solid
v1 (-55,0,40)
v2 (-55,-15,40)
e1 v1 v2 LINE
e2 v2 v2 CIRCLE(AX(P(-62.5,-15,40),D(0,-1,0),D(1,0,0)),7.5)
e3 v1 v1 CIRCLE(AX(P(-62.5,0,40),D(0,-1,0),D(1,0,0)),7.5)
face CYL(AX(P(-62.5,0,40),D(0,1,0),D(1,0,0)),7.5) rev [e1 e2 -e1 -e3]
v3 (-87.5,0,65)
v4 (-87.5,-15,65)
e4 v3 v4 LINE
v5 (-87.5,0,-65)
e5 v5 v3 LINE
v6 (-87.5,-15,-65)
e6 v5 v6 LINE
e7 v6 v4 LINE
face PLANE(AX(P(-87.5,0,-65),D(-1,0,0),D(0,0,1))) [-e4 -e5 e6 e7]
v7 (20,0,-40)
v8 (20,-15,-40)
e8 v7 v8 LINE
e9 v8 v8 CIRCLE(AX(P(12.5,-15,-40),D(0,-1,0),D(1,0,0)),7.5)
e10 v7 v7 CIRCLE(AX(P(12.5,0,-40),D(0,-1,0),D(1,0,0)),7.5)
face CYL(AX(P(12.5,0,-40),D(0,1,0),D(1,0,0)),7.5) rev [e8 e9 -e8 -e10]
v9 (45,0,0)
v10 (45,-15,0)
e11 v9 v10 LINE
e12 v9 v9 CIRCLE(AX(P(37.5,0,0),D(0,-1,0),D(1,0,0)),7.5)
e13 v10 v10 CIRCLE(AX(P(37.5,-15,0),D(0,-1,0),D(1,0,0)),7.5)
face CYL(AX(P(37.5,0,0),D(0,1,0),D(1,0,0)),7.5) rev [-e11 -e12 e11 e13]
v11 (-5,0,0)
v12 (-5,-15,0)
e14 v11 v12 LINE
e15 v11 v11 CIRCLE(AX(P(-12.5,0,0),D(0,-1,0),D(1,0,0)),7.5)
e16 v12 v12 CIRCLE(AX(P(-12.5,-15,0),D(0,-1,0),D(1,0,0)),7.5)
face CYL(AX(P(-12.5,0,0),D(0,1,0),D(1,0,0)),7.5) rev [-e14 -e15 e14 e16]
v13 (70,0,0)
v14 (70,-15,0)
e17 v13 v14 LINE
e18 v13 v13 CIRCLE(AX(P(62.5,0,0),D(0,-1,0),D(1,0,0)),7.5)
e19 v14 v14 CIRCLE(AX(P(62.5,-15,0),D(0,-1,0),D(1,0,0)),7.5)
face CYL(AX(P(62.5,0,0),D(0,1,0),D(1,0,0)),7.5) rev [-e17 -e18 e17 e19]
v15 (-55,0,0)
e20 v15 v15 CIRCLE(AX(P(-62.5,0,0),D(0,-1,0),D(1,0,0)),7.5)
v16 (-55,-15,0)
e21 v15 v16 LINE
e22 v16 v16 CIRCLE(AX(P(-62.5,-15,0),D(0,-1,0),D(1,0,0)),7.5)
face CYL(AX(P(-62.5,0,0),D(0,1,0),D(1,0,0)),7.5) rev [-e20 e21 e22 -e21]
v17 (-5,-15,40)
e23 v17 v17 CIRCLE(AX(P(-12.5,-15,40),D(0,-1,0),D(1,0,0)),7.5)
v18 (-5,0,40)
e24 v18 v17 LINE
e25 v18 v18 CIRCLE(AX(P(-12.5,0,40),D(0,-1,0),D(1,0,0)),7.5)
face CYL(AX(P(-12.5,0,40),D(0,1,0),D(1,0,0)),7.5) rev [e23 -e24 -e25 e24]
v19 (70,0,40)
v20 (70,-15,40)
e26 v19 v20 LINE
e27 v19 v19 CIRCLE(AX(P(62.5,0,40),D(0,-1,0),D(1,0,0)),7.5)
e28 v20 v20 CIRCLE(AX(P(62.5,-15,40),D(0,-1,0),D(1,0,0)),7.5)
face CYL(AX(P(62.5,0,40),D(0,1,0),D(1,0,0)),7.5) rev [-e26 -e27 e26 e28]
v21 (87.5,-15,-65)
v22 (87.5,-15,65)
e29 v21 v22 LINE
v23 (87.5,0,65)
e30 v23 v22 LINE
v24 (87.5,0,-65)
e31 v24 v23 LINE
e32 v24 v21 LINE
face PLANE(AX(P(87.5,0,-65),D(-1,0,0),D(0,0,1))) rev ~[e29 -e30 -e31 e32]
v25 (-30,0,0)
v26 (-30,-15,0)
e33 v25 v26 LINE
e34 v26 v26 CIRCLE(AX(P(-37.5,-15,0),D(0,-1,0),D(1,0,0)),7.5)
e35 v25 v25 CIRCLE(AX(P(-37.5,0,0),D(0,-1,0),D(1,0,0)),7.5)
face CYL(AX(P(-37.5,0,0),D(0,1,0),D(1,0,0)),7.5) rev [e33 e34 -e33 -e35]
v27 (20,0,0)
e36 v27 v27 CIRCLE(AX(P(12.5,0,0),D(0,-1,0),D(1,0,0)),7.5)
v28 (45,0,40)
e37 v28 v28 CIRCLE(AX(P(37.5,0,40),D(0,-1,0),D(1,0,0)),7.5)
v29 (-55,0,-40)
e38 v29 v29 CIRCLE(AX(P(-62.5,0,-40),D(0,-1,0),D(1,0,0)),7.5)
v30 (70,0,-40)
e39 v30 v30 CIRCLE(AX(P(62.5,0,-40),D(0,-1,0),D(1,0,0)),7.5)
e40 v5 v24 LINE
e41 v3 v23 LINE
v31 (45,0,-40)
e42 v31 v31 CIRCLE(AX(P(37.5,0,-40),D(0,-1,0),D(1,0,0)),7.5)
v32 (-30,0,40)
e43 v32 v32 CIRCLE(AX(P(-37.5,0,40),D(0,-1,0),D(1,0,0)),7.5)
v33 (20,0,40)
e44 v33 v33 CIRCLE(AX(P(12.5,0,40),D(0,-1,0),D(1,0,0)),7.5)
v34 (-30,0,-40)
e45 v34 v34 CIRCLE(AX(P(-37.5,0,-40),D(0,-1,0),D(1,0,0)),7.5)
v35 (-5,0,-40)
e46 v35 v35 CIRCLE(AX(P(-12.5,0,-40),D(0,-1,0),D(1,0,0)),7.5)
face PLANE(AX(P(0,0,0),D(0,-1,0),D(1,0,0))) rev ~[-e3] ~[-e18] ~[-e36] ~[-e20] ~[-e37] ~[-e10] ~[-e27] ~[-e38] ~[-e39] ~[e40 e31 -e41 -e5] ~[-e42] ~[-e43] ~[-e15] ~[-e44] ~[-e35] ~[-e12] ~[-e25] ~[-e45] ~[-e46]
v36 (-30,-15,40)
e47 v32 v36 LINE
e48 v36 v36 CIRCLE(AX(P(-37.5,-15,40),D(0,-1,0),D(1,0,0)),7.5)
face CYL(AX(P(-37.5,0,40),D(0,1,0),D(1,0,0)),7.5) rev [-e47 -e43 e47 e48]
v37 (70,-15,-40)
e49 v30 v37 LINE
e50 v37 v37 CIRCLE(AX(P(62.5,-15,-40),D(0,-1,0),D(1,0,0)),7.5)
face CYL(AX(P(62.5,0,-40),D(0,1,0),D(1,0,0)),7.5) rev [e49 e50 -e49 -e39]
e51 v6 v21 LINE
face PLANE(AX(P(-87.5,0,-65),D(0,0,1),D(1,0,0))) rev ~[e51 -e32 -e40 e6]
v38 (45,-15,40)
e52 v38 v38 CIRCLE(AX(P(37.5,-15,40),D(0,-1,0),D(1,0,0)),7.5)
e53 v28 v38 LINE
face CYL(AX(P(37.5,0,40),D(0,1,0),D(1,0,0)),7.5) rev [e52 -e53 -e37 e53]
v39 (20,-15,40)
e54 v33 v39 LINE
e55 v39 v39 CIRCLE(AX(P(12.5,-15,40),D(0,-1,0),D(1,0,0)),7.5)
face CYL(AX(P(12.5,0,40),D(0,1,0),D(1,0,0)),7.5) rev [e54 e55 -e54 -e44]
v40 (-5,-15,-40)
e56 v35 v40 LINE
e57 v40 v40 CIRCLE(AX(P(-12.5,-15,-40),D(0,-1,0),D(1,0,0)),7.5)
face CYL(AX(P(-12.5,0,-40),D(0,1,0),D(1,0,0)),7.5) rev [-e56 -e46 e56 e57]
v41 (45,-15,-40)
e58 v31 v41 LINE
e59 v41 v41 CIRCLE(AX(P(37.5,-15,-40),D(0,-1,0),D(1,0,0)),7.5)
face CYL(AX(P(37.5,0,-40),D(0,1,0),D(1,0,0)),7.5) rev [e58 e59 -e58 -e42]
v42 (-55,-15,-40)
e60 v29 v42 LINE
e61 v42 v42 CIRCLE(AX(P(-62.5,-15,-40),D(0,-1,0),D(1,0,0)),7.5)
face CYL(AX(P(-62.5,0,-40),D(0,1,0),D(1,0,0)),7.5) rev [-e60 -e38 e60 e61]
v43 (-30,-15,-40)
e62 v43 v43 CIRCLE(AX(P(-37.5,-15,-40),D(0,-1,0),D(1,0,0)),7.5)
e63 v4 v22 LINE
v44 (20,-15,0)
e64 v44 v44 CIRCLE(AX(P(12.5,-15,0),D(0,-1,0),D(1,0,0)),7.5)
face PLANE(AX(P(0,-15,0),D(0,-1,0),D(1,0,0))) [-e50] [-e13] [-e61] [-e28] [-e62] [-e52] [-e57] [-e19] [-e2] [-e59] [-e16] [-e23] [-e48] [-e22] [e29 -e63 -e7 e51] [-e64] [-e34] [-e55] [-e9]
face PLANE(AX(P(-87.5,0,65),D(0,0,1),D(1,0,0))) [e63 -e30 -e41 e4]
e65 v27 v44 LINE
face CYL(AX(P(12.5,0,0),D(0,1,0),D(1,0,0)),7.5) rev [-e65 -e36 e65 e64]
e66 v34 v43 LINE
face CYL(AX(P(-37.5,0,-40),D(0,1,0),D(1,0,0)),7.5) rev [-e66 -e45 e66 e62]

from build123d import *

# Parameters (mm, degrees)
F0_W     = 175
F0_H     = 130
F0_R     = 7.5
F1_DEPTH = 15


with BuildPart() as f1:
    # F0 (on Front) → F1 (new body)
    with BuildSketch(Plane.XZ):
        Rectangle(F0_W, F0_H)
        with Locations((-62.5, -40)):
            Circle(F0_R, mode=Mode.SUBTRACT)
        with Locations((-37.5, -40)):
            Circle(F0_R, mode=Mode.SUBTRACT)
        with Locations((-12.5, -40)):
            Circle(F0_R, mode=Mode.SUBTRACT)
        with Locations((12.5, -40)):
            Circle(F0_R, mode=Mode.SUBTRACT)
        with Locations((37.5, -40)):
            Circle(F0_R, mode=Mode.SUBTRACT)
        with Locations((62.5, -40)):
            Circle(F0_R, mode=Mode.SUBTRACT)
        with Locations((-62.5, 0)):
            Circle(F0_R, mode=Mode.SUBTRACT)
        with Locations((-37.5, 0)):
            Circle(F0_R, mode=Mode.SUBTRACT)
        with Locations((-12.5, 0)):
            Circle(F0_R, mode=Mode.SUBTRACT)
        with Locations((-62.5, 40)):
            Circle(F0_R, mode=Mode.SUBTRACT)
        with Locations((-37.5, 40)):
            Circle(F0_R, mode=Mode.SUBTRACT)
        with Locations((-12.5, 40)):
            Circle(F0_R, mode=Mode.SUBTRACT)
        with Locations((12.5, 0)):
            Circle(F0_R, mode=Mode.SUBTRACT)
        with Locations((37.5, 0)):
            Circle(F0_R, mode=Mode.SUBTRACT)
        with Locations((62.5, 0)):
            Circle(F0_R, mode=Mode.SUBTRACT)
        with Locations((12.5, 40)):
            Circle(F0_R, mode=Mode.SUBTRACT)
        with Locations((37.5, 40)):
            Circle(F0_R, mode=Mode.SUBTRACT)
        with Locations((62.5, 40)):
            Circle(F0_R, mode=Mode.SUBTRACT)
    extrude(amount=F1_DEPTH)


solid = f1.part
